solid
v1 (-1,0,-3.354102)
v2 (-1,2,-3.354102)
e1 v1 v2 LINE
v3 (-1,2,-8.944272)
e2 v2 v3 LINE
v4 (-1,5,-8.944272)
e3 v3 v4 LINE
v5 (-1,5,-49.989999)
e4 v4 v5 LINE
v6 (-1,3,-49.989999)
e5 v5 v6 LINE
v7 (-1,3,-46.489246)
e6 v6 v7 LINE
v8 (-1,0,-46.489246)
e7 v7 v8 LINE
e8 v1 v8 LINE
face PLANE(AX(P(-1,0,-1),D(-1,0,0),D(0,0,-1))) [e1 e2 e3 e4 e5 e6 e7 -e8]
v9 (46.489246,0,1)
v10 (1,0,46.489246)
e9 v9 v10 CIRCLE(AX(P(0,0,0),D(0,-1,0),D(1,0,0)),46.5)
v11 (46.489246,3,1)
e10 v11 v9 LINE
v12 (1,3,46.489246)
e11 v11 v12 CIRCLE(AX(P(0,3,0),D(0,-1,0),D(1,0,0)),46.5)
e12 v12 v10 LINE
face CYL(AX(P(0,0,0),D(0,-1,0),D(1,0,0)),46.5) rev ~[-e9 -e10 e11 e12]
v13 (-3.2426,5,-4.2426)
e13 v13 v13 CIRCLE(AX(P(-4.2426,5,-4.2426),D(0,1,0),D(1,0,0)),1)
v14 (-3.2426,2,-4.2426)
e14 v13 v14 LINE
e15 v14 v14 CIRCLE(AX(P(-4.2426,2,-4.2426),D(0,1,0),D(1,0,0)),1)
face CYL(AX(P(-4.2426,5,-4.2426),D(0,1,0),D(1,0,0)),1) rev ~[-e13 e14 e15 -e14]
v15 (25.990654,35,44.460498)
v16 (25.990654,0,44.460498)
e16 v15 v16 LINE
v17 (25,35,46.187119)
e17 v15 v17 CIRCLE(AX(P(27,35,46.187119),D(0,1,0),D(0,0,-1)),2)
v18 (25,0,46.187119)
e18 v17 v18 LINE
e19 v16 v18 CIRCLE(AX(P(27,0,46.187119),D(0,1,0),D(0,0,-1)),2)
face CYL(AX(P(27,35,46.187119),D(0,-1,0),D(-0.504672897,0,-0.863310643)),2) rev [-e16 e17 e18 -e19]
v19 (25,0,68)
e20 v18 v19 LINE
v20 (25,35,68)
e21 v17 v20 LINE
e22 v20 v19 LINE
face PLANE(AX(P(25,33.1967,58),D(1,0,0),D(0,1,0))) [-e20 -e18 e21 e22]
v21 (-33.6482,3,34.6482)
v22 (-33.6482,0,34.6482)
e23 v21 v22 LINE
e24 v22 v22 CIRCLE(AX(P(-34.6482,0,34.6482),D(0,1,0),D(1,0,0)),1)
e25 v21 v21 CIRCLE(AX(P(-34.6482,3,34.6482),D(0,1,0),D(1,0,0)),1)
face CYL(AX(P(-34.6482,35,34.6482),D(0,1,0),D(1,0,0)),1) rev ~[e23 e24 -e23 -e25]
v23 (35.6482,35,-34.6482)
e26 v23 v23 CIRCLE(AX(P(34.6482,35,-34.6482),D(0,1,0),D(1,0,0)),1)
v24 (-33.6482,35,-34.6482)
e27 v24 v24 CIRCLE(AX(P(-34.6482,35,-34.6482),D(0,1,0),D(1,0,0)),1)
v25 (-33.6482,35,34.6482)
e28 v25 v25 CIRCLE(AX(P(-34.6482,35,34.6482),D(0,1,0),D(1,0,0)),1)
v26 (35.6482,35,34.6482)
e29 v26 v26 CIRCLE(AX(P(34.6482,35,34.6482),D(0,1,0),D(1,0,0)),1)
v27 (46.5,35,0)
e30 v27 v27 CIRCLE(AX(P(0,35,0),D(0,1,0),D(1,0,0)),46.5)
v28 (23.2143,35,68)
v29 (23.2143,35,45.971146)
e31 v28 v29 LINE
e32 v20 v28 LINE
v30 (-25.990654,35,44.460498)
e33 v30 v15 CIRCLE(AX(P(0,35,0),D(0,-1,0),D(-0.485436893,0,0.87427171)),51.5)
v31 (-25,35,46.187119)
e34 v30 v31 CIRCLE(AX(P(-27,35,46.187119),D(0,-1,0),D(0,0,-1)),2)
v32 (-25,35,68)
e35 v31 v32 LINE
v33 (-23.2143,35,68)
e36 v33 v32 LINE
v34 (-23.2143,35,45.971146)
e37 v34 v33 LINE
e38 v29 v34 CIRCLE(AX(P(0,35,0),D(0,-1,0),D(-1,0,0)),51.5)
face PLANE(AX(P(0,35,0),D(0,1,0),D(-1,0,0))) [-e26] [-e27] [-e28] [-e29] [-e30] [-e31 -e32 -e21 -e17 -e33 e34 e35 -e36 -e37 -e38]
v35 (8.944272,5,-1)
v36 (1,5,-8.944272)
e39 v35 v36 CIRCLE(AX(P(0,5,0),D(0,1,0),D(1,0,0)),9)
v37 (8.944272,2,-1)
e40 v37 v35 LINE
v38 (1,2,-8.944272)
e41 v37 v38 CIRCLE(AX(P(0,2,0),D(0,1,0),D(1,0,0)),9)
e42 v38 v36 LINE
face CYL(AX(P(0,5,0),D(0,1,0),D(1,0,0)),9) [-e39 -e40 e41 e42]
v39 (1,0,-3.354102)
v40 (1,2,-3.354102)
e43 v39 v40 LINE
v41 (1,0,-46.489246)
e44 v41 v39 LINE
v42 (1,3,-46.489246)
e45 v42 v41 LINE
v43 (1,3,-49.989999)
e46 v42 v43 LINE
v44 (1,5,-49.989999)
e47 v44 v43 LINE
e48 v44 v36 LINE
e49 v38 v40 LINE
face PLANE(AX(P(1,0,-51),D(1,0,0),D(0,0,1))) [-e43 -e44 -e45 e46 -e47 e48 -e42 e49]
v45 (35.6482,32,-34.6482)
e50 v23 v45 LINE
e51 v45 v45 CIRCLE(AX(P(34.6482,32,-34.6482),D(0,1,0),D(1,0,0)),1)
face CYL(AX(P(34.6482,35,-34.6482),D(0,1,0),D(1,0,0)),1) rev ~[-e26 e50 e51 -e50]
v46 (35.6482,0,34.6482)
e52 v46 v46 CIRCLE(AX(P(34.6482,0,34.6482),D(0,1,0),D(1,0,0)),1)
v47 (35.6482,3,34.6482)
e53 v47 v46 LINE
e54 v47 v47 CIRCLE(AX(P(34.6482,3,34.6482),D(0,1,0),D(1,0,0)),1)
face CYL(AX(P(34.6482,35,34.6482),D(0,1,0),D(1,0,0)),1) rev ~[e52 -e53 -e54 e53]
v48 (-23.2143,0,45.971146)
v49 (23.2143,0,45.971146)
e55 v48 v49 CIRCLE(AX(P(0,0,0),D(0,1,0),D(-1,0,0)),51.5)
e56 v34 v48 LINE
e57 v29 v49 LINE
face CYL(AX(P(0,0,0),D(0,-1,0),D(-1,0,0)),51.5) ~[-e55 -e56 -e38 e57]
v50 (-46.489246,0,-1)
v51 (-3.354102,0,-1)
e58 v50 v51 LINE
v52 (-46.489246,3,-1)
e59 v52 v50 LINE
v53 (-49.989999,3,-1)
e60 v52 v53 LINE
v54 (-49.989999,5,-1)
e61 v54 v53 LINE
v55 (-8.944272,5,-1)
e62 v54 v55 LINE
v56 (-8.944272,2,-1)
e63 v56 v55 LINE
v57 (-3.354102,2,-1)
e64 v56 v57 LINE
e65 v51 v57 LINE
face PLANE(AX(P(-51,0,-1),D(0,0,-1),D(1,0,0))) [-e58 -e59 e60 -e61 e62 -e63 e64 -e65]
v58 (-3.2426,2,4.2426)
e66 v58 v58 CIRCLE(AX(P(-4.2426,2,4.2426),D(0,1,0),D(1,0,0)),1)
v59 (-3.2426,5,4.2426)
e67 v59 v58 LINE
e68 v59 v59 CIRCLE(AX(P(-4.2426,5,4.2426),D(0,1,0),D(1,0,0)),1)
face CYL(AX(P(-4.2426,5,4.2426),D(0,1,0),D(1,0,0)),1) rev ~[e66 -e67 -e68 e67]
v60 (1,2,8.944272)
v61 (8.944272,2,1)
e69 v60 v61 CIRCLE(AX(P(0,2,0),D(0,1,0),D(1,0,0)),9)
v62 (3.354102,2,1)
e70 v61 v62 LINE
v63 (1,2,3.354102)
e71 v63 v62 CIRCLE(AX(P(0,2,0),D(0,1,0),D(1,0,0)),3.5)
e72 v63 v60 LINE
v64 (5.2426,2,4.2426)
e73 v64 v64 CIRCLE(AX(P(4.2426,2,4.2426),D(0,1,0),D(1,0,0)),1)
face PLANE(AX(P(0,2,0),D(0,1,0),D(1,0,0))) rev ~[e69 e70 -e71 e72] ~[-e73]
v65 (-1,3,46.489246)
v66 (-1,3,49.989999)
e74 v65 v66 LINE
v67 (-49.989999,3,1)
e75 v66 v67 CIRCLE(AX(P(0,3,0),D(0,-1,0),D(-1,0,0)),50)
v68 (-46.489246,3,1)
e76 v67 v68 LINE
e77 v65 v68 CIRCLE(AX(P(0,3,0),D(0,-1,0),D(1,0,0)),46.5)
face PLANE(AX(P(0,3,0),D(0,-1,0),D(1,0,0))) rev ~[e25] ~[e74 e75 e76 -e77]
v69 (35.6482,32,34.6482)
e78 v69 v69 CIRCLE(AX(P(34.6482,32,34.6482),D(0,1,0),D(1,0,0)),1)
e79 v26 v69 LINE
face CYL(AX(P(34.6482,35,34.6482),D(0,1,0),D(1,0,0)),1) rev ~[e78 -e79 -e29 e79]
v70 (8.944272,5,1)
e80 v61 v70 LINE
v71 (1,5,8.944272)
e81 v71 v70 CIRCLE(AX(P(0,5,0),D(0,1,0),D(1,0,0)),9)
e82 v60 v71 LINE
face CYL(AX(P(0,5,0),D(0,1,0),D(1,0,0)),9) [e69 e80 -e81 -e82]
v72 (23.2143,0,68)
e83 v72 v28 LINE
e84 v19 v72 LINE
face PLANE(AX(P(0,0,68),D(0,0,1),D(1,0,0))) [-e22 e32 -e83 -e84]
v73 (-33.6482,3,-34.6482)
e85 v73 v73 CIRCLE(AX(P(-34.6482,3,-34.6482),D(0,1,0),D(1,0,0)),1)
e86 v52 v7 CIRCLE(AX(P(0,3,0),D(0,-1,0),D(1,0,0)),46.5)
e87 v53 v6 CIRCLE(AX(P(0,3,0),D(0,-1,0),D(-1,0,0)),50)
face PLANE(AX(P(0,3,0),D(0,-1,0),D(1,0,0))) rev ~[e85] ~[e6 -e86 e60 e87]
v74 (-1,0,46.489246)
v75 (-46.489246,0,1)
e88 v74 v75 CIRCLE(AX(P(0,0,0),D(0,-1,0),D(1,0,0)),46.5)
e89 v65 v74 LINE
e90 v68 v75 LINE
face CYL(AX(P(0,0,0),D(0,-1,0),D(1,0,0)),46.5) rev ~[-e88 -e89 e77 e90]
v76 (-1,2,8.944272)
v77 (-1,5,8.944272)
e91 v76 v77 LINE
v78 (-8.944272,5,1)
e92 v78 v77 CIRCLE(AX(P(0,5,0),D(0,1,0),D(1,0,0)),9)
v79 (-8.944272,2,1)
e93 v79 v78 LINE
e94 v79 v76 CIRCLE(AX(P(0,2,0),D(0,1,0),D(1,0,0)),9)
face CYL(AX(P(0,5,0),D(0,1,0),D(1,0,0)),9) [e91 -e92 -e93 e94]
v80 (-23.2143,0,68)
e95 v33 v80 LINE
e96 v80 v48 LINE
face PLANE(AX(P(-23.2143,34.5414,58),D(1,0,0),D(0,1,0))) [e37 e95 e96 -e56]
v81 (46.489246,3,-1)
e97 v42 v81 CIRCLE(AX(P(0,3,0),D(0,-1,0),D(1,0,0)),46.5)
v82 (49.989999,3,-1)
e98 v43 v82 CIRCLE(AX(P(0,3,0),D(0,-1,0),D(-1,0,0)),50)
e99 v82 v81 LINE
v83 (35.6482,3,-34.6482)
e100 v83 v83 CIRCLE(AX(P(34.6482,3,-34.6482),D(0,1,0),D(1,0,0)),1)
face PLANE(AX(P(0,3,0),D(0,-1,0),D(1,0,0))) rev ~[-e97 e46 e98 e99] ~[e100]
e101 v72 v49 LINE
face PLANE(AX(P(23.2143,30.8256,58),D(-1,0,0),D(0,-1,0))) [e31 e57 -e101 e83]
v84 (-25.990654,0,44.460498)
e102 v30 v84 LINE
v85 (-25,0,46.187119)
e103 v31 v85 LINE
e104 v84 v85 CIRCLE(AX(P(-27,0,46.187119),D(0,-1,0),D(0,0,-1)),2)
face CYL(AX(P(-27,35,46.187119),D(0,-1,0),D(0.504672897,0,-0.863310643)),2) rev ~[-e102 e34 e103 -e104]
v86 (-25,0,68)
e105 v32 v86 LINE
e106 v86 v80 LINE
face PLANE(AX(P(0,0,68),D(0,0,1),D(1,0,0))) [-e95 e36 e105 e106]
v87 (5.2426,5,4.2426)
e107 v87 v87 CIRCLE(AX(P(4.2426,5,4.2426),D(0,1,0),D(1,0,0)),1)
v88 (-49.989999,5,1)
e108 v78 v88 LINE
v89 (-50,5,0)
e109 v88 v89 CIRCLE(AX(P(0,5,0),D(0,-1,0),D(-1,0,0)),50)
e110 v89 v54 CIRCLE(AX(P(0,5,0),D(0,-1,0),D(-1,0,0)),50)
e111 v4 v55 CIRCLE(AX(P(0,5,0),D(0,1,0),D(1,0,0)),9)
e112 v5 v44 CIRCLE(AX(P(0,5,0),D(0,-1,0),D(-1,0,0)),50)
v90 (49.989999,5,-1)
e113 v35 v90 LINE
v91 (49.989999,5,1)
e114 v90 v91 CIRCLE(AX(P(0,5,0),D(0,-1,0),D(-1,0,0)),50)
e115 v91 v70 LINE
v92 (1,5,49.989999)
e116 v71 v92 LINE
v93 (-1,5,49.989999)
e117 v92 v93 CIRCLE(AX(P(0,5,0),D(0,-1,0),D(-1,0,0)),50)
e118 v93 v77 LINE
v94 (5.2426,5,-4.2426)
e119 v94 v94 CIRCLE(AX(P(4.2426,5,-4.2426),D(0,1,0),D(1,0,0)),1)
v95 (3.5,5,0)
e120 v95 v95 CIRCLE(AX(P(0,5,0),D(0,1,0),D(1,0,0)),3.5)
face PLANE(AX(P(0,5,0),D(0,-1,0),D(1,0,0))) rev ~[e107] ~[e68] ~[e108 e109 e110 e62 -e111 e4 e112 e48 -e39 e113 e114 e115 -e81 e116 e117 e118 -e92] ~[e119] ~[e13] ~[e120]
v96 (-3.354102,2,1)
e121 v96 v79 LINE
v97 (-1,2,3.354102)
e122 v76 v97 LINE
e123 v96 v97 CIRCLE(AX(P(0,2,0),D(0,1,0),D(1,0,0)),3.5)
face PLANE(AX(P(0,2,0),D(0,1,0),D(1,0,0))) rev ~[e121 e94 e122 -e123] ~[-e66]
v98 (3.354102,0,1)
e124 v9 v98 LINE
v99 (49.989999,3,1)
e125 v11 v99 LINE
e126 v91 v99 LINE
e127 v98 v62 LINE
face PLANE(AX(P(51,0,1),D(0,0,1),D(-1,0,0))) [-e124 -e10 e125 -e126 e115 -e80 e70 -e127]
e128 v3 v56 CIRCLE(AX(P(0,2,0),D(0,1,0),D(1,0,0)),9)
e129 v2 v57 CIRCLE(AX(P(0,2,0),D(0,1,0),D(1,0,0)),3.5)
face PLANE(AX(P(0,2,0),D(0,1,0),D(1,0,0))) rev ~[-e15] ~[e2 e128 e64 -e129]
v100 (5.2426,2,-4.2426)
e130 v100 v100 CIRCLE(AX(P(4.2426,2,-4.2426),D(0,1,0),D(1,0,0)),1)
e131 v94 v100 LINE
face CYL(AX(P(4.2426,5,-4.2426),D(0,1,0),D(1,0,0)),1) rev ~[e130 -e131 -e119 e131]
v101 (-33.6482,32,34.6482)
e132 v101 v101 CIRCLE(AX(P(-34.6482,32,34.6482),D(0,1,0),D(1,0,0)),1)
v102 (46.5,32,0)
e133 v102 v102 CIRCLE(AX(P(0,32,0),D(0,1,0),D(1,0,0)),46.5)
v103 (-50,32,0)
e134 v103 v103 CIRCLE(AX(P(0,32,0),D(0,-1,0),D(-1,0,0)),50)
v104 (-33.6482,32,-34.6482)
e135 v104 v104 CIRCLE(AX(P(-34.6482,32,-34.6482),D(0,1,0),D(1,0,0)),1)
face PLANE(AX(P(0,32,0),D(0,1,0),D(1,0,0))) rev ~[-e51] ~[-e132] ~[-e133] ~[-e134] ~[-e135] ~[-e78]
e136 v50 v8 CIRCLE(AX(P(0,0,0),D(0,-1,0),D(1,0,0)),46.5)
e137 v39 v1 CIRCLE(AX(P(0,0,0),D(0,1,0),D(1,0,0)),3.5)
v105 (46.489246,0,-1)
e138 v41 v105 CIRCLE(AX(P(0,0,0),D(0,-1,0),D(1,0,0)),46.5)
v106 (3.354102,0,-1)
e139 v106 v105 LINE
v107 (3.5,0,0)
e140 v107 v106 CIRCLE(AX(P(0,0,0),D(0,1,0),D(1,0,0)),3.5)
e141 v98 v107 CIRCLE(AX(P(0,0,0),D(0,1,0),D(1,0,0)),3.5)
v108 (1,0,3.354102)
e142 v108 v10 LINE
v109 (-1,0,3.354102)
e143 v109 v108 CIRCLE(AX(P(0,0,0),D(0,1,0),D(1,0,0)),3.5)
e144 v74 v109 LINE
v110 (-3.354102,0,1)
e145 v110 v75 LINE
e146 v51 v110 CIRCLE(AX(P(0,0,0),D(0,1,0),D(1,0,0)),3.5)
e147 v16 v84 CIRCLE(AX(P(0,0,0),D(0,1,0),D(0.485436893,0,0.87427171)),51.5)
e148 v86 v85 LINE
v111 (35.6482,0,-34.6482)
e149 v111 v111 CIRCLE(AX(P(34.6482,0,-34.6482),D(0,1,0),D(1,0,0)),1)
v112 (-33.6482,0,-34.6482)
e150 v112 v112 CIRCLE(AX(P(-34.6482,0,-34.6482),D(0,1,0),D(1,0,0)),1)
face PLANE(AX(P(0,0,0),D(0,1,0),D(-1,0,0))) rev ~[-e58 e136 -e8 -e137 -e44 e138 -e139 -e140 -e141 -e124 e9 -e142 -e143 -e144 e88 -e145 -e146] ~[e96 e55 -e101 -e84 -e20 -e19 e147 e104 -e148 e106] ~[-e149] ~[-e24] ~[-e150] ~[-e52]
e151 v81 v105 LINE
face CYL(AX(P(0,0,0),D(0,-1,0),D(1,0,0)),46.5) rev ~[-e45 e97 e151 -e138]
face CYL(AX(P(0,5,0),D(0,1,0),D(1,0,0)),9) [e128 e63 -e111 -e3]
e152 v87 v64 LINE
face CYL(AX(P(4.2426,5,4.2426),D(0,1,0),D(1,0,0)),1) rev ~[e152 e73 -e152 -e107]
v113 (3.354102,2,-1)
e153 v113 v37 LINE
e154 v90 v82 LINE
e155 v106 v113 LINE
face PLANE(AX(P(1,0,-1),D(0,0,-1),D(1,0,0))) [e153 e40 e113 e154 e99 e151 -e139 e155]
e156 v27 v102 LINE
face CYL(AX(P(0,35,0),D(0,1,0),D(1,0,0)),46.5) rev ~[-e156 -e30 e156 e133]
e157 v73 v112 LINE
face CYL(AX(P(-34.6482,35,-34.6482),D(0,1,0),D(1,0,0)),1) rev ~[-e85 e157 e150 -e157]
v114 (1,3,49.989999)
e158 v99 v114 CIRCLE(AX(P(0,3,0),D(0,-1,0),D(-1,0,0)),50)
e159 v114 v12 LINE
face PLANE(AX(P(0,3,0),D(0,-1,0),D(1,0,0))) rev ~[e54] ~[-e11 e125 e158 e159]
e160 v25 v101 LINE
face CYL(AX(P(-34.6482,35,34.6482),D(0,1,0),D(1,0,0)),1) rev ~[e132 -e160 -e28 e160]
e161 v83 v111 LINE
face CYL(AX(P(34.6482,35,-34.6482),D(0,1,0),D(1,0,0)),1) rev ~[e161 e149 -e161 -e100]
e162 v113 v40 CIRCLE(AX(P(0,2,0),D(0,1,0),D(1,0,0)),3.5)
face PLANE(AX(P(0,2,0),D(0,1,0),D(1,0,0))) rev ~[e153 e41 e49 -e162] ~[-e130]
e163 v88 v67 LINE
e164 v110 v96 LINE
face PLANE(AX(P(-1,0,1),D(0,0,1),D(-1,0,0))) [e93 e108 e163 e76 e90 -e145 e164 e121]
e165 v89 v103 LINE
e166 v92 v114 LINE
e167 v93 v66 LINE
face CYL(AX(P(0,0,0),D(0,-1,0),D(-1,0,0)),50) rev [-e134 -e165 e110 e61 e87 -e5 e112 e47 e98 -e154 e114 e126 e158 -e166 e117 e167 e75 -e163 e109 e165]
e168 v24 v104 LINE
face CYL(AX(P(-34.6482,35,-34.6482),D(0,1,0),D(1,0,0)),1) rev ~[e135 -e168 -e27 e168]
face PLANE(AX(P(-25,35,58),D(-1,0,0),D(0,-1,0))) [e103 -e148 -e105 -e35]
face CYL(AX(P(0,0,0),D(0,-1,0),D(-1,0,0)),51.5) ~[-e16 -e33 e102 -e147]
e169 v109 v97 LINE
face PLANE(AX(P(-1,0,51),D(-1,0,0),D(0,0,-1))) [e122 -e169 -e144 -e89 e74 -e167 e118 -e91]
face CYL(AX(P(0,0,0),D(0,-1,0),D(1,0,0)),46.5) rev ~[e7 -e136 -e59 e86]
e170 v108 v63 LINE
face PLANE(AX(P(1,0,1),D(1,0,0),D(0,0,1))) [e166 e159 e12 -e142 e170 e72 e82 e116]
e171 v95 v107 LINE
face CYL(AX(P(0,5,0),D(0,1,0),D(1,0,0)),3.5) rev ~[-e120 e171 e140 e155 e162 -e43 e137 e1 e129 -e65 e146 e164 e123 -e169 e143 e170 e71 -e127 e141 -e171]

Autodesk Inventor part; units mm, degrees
ref_plane "YZ Plane" through (0, 0, 0) normal (1, 0, 0) x (0, 1, 0)
ref_plane "XZ Plane" through (0, 0, 0) normal (0, 1, 0) x (-1, 0, 0)
sketch "Sketch1" plane through (0, 0, 0) normal (0, 1, 0) x (-1, 0, 0)
  circle A0 centre (0, 0) radius 50
  circle A1 centre (0, 0) radius 51.5
  dimension "d0" = 100
  dimension "d1" = 103
extrude "Extrusion1" add sketch "Sketch1" along normal blind 35
sketch "Sketch12" plane through (0, 0, 0) normal (0, -1, 0) x (1, 0, 0)
  line L0 (-1, -51) -> (1, -51)
  line L1 (1, -51) -> (1, 51)
  line L2 (1, 51) -> (-1, 51)
  line L3 (-1, 51) -> (-1, -51)
  line L4 (-1, -51) -> (1, 51) construction
  line L5 (1, -51) -> (-1, 51) construction
  line L6 (-51, -1) -> (51, -1)
  line L7 (51, -1) -> (51, 1)
  line L8 (51, 1) -> (-51, 1)
  line L9 (-51, 1) -> (-51, -1)
  line L10 (-51, -1) -> (51, 1) construction
  line L11 (51, -1) -> (-51, 1) construction
  point P0 (0, 0)
  dimension "d64" = 102
  dimension "d65" = 2
  dimension "d66" = 102
  dimension "d67" = 2
extrude "Extrusion12" add sketch "Sketch12" against normal blind 5
sketch "Sketch13" plane through (0, 5, 0) normal (0, 1, 0) x (1, 0, 0)
  circle A0 centre (0, 0) radius 9
  circle A1 centre (0, 6) radius 1
  circle A2 centre (-4.2426, 4.2426) radius 1
  circle A3 centre (-6, 0) radius 1
  circle A4 centre (-4.2426, -4.2426) radius 1
  circle A5 centre (0, -6) radius 1
  circle A6 centre (4.2426, -4.2426) radius 1
  circle A7 centre (6, 0) radius 1
  circle A8 centre (4.2426, 4.2426) radius 1
  dimension "d70" = 18
  dimension "d71" = 2
  dimension "d72" = 6
  dimension "d75" = 360
extrude "Extrusion13" add sketch "Sketch13" against normal blind 3 contours A0 | A1 | A3 | A5 | A7
sketch "Sketch14" plane through (0, 0, 0) normal (0, -1, 0) x (1, 0, 0)
  circle A0 centre (0, 0) radius 46.5
  circle A1 centre (0, 0) radius 51.5
  dimension "d79" = 93
  dimension "d80" = 103
extrude "Extrusion14" add sketch "Sketch14" against normal blind 3
sketch "Sketch15" plane through (0, 35, 0) normal (0, 1, 0) x (1, 0, 0)
  circle A0 centre (0, 0) radius 46.5
  circle A1 centre (0, 0) radius 51.5
  dimension "d83" = 93
  dimension "d84" = 103
extrude "Extrusion15" add sketch "Sketch15" against normal blind 3
sketch "Sketch16" plane through (0, 35, 0) normal (0, 1, 0) x (1, 0, 0)
  circle A0 centre (0, 49) radius 1
  circle A1 centre (-34.6482, 34.6482) radius 1
  circle A2 centre (-49, 0) radius 1
  circle A3 centre (-34.6482, -34.6482) radius 1
  circle A4 centre (0, -49) radius 1
  circle A5 centre (34.6482, -34.6482) radius 1
  circle A6 centre (49, 0) radius 1
  circle A7 centre (34.6482, 34.6482) radius 1
  point P0 (0, 0)
  dimension "d87" = 2
  dimension "d88" = 49
  dimension "d91" = 360
extrude "Extrusion16" cut sketch "Sketch16" against normal blind 100 contours A1 | A3 | A5 | A7
ref_plane "Work Plane1" through (0, 0, 58) normal (0, 0, 1) x (1, 0, 0)
sketch "Sketch17" plane through (0, 0, 58) normal (0, 0, 1) x (1, 0, 0)
  line L0 (25, 0) -> (25, 33.1967)
  line L1 (-25, 33.1967) -> (-25, 0)
  line L2 (-25, -33.1967) -> (25, 33.1967) construction
  line L3 (25, -33.1967) -> (-25, 33.1967) construction
  line L4 (46.4892, 0) -> (1, 0) projected
  line L5 (-23.2143, 0) -> (-23.2143, 30.8256)
  line L6 (23.2143, 30.8256) -> (23.2143, 0)
  line L7 (23.2143, -30.8256) -> (-23.2143, 30.8256) construction
  line L8 (-23.2143, -30.8256) -> (23.2143, 30.8256) construction
  line L9 (-25, 0) -> (-23.2143, 0)
  line L10 (23.2143, 0) -> (25, 0)
  line L11 (-25, 0) -> (-23.2143, 0)
  line L12 (-23.2143, 0) -> (-23.2143, 34.5414)
  line L13 (-23.2143, 34.5414) -> (-25, 34.5414)
  line L14 (-25, 34.5414) -> (-25, 0)
  line L15 (51.5, 35) -> (-51.5, 35) projected
  line L16 (23.2143, 0) -> (25, 0)
  line L17 (25, 0) -> (25, 35)
  line L18 (25, 35) -> (23.2143, 35)
  line L19 (23.2143, 35) -> (23.2143, 0)
  line L20 (-25, 0) -> (-23.2143, 0)
  line L21 (-23.2143, 0) -> (-23.2143, 35)
  line L22 (-23.2143, 35) -> (-25, 35)
  line L23 (-25, 35) -> (-25, 0)
  point P0 (0, 0)
extrude "Extrusion18" add sketch "Sketch17" against normal blind 13 and the other way blind 10
fillet "Fillet2" radius 2 2 edges at (25, 17.5, 45.025) (-25, 17.5, 45.025)
sketch "Sketch20" plane through (0, 5, 0) normal (0, 1, 0) x (1, 0, 0)
  circle A0 centre (0, 0) radius 3.5
  dimension "d106" = 7
extrude "Extrusion19" cut sketch "Sketch20" against normal blind 10
properties part number "Motor mount (plain)"
